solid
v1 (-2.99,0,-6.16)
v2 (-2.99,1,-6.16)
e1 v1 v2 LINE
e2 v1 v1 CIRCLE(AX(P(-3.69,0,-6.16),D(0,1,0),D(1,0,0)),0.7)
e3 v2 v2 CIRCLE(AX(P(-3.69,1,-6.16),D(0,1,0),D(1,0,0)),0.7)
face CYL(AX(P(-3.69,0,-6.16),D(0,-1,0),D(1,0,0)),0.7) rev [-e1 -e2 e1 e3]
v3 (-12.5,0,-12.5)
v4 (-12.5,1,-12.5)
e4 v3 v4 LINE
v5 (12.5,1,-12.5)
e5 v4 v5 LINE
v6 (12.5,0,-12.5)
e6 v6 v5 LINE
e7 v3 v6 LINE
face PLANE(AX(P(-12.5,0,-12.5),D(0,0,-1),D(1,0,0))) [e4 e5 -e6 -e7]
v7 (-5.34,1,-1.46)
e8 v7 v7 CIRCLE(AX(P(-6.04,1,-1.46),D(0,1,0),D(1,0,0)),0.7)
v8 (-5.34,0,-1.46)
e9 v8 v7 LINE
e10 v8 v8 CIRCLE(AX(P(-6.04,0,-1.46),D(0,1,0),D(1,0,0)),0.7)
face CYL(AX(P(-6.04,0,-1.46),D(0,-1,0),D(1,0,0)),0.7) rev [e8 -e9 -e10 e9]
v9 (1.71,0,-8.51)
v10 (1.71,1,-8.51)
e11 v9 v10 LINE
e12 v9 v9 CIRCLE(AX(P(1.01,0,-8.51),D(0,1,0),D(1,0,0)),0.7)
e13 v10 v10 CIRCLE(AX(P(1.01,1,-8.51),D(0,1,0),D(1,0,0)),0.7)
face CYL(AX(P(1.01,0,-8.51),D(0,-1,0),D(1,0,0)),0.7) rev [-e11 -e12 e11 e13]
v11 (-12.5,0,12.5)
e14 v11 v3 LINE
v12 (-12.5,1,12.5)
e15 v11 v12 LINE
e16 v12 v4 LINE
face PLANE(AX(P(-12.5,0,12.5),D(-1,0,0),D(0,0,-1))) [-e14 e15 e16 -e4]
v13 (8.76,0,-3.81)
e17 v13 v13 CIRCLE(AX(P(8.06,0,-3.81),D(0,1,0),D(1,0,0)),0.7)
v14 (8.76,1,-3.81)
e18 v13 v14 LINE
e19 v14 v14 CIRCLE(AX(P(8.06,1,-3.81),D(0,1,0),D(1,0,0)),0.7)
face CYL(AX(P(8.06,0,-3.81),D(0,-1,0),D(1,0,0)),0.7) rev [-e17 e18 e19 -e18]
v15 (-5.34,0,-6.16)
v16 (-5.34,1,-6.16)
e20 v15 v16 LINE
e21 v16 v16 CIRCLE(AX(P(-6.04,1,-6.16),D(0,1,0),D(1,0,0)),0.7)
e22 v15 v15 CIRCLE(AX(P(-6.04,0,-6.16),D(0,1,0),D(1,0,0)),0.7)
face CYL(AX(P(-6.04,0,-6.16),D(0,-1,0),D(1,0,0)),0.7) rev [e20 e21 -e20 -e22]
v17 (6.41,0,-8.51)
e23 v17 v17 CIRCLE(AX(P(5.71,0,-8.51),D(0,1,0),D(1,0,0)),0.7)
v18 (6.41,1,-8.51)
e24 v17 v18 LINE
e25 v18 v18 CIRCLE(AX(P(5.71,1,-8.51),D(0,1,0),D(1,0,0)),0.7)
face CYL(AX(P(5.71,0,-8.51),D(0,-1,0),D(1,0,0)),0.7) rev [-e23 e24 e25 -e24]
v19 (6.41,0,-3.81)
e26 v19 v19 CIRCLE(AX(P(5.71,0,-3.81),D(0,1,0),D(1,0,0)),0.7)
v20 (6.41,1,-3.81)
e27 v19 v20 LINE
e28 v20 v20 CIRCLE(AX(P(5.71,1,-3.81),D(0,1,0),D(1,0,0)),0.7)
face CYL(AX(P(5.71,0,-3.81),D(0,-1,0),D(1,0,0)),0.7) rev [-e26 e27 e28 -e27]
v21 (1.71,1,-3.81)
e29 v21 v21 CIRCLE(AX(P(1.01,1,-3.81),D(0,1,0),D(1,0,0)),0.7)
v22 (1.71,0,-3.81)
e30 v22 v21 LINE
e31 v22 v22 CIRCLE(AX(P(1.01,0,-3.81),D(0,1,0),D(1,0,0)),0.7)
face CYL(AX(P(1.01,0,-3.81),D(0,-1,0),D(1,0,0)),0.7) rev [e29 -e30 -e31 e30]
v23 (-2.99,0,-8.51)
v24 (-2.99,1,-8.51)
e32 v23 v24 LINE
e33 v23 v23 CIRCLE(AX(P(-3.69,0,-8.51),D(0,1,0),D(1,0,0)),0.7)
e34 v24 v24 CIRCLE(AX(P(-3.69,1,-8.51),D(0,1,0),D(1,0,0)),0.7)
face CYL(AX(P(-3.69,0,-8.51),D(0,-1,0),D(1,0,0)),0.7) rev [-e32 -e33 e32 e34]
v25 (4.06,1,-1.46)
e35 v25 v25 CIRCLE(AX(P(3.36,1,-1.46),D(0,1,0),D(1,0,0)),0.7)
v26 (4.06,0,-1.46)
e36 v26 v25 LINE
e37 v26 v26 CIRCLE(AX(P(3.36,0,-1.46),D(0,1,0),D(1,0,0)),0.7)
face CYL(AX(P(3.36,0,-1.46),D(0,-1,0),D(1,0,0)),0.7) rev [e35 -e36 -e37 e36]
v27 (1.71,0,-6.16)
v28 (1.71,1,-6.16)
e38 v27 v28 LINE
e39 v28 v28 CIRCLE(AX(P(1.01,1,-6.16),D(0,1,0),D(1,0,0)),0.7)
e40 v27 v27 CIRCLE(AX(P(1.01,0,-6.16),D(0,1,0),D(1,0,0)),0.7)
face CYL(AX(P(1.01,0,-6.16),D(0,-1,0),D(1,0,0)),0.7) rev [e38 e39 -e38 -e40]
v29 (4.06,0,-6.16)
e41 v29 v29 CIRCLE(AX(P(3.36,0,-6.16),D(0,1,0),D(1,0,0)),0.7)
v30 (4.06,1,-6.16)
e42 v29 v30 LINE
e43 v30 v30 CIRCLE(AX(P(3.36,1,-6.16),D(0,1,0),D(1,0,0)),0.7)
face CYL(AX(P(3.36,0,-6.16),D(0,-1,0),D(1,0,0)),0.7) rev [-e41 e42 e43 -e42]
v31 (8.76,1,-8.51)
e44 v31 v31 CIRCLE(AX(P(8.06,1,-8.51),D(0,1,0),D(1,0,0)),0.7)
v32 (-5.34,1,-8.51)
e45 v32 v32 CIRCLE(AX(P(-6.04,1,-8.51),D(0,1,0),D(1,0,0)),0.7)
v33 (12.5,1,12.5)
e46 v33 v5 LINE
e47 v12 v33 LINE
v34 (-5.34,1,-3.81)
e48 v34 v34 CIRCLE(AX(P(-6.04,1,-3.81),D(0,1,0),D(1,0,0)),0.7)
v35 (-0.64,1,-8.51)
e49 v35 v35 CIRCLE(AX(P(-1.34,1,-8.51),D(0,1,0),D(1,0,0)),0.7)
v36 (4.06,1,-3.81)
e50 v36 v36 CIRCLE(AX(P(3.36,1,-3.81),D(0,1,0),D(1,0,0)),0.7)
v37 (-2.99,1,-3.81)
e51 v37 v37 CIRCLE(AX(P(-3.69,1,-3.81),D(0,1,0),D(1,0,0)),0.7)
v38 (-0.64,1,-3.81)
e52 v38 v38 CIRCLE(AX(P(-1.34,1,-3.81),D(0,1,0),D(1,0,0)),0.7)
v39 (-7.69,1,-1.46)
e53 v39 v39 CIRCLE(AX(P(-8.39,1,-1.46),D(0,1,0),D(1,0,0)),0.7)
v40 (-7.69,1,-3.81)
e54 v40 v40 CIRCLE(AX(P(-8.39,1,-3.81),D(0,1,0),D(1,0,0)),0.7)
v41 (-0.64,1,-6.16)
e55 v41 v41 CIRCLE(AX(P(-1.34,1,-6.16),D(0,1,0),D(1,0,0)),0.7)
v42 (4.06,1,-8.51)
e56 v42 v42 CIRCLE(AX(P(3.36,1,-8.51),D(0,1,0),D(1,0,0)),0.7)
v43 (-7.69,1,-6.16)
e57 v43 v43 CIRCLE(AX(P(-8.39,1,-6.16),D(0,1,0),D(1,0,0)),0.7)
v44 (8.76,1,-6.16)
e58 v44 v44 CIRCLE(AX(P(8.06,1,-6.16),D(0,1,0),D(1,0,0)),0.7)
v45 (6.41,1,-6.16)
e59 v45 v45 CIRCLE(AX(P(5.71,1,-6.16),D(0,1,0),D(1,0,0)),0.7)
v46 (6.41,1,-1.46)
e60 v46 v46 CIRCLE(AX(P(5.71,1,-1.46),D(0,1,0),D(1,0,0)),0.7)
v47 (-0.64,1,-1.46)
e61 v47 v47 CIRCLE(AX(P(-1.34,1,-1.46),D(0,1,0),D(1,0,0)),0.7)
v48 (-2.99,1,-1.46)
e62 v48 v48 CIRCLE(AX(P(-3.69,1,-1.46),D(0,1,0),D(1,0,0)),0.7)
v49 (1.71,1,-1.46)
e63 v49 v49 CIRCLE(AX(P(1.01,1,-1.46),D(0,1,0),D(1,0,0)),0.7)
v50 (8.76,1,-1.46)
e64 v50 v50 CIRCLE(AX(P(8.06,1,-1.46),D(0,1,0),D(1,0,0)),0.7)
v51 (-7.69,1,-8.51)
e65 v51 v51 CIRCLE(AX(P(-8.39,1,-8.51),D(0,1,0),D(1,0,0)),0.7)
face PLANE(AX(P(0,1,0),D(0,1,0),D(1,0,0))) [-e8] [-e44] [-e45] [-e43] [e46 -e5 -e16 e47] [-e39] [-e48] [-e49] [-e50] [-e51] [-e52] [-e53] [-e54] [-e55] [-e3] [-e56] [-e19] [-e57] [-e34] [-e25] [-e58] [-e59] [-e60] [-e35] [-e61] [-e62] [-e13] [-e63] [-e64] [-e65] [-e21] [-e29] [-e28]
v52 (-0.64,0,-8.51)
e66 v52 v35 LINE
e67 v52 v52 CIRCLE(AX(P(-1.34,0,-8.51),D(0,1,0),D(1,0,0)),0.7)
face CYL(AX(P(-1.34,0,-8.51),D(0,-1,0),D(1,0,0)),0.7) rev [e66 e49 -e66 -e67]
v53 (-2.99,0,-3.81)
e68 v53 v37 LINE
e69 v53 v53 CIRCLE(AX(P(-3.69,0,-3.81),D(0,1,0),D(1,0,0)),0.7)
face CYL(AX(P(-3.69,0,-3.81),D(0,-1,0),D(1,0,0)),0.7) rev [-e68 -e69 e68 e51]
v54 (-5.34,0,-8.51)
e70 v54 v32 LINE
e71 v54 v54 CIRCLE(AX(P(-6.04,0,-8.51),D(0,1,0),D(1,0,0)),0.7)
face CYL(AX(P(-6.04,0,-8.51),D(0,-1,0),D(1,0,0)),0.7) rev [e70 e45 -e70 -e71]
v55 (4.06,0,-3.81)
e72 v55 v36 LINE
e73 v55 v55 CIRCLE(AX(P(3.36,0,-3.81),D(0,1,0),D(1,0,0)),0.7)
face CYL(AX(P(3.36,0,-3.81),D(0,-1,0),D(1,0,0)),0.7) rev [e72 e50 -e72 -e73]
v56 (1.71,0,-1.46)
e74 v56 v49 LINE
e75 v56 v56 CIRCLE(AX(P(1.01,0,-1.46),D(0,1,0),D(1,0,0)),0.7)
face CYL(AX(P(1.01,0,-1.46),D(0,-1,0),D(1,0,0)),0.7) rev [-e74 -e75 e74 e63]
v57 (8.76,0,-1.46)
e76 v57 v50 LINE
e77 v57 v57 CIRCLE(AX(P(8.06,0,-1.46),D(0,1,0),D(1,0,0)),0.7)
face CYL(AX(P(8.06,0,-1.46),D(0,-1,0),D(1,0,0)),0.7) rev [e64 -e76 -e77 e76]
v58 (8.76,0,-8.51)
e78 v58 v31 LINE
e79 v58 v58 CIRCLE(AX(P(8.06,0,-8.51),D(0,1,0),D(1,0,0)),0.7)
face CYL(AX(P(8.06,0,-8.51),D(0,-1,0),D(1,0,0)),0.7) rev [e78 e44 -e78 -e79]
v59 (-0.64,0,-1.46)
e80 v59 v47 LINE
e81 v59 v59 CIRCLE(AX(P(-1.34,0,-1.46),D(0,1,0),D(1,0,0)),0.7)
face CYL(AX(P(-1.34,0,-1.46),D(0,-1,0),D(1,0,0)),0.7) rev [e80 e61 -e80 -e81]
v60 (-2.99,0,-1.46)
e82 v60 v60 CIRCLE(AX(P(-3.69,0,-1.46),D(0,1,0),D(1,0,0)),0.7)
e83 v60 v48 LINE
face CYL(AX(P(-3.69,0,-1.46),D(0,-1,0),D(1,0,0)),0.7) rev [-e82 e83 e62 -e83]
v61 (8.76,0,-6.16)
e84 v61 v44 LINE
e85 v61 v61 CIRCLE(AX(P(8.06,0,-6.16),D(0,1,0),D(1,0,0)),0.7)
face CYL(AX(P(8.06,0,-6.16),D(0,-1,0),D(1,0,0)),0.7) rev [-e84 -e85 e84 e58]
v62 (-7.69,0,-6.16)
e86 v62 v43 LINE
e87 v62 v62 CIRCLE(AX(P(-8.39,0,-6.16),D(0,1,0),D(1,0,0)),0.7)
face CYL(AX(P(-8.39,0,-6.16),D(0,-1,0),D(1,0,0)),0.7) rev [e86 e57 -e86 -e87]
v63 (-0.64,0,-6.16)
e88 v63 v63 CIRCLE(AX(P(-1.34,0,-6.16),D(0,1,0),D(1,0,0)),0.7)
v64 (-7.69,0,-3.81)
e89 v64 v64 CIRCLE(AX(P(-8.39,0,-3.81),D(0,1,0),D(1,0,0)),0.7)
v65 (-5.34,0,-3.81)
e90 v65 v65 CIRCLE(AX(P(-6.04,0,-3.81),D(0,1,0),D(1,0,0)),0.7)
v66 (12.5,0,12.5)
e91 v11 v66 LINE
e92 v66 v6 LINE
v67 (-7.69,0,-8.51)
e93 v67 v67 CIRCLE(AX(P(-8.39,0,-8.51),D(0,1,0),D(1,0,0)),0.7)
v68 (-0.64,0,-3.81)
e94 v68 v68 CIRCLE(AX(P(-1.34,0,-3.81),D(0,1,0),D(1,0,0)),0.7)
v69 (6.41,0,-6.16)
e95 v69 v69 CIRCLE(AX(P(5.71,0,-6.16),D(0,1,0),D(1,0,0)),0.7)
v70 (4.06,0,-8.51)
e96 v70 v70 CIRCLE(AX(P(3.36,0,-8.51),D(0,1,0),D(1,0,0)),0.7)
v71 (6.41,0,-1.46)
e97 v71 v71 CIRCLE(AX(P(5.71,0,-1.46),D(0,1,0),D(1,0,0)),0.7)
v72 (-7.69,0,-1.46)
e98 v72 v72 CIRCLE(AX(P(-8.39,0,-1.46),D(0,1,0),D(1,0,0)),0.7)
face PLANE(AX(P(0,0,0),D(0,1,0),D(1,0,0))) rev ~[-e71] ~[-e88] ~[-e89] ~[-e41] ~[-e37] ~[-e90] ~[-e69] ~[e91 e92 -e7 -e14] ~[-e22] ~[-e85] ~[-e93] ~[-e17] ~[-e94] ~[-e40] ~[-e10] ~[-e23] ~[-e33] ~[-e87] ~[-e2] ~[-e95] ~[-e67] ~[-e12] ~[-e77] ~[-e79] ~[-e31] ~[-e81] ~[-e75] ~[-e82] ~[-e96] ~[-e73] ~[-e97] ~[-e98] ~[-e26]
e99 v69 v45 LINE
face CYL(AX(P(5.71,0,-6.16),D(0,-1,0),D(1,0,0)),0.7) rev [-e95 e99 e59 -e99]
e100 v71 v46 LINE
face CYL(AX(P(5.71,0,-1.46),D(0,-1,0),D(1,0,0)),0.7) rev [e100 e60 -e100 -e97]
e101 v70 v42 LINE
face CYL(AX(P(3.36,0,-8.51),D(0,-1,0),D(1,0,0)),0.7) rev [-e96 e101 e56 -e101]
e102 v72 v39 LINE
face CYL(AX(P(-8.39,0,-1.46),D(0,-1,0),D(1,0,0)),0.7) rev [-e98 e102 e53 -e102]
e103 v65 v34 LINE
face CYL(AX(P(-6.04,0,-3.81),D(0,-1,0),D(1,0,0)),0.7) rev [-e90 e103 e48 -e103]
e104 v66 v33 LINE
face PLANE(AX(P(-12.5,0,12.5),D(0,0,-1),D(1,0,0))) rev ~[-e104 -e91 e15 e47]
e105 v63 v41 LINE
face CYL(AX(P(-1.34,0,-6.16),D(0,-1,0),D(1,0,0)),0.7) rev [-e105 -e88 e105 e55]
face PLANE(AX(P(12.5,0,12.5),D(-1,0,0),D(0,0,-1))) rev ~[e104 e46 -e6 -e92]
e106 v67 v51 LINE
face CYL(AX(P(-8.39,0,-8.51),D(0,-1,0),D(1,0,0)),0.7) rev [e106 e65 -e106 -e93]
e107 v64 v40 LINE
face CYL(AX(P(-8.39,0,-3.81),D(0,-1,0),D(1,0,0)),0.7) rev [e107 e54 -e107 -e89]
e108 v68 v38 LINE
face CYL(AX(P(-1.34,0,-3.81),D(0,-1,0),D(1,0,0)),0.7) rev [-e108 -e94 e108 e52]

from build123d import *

# Parameters (mm, degrees)
SKETCH1_W           = 25
SKETCH1_H           = 25
SKETCH1_R           = 0.7
BOSS_EXTRUDE1_DEPTH = 1


with BuildPart() as part:
    # Sketch1 → Boss-Extrude1 (new body)
    with BuildSketch(Plane(origin=(0, 0, 0), x_dir=(1, 0, 0), z_dir=(0, 1, 0))):
        Rectangle(SKETCH1_W, SKETCH1_H)
        with Locations((-8.39, 8.51)):
            Circle(SKETCH1_R, mode=Mode.SUBTRACT)
        with Locations((-6.04, 8.51)):
            Circle(SKETCH1_R, mode=Mode.SUBTRACT)
        with Locations((-3.69, 8.51)):
            Circle(SKETCH1_R, mode=Mode.SUBTRACT)
        with Locations((-1.34, 8.51)):
            Circle(SKETCH1_R, mode=Mode.SUBTRACT)
        with Locations((1.01, 8.51)):
            Circle(SKETCH1_R, mode=Mode.SUBTRACT)
        with Locations((3.36, 8.51)):
            Circle(SKETCH1_R, mode=Mode.SUBTRACT)
        with Locations((5.71, 8.51)):
            Circle(SKETCH1_R, mode=Mode.SUBTRACT)
        with Locations((8.06, 8.51)):
            Circle(SKETCH1_R, mode=Mode.SUBTRACT)
        with Locations((-6.04, 6.16)):
            Circle(SKETCH1_R, mode=Mode.SUBTRACT)
        with Locations((-3.69, 6.16)):
            Circle(SKETCH1_R, mode=Mode.SUBTRACT)
        with Locations((-1.34, 6.16)):
            Circle(SKETCH1_R, mode=Mode.SUBTRACT)
        with Locations((1.01, 6.16)):
            Circle(SKETCH1_R, mode=Mode.SUBTRACT)
        with Locations((3.36, 6.16)):
            Circle(SKETCH1_R, mode=Mode.SUBTRACT)
        with Locations((5.71, 6.16)):
            Circle(SKETCH1_R, mode=Mode.SUBTRACT)
        with Locations((8.06, 6.16)):
            Circle(SKETCH1_R, mode=Mode.SUBTRACT)
        with Locations((-6.04, 3.81)):
            Circle(SKETCH1_R, mode=Mode.SUBTRACT)
        with Locations((-3.69, 3.81)):
            Circle(SKETCH1_R, mode=Mode.SUBTRACT)
        with Locations((-1.34, 3.81)):
            Circle(SKETCH1_R, mode=Mode.SUBTRACT)
        with Locations((1.01, 3.81)):
            Circle(SKETCH1_R, mode=Mode.SUBTRACT)
        with Locations((3.36, 3.81)):
            Circle(SKETCH1_R, mode=Mode.SUBTRACT)
        with Locations((5.71, 3.81)):
            Circle(SKETCH1_R, mode=Mode.SUBTRACT)
        with Locations((8.06, 3.81)):
            Circle(SKETCH1_R, mode=Mode.SUBTRACT)
        with Locations((-6.04, 1.46)):
            Circle(SKETCH1_R, mode=Mode.SUBTRACT)
        with Locations((-3.69, 1.46)):
            Circle(SKETCH1_R, mode=Mode.SUBTRACT)
        with Locations((-1.34, 1.46)):
            Circle(SKETCH1_R, mode=Mode.SUBTRACT)
        with Locations((1.01, 1.46)):
            Circle(SKETCH1_R, mode=Mode.SUBTRACT)
        with Locations((3.36, 1.46)):
            Circle(SKETCH1_R, mode=Mode.SUBTRACT)
        with Locations((5.71, 1.46)):
            Circle(SKETCH1_R, mode=Mode.SUBTRACT)
        with Locations((8.06, 1.46)):
            Circle(SKETCH1_R, mode=Mode.SUBTRACT)
        with Locations((-8.39, 6.16)):
            Circle(SKETCH1_R, mode=Mode.SUBTRACT)
        with Locations((-8.39, 3.81)):
            Circle(SKETCH1_R, mode=Mode.SUBTRACT)
        with Locations((-8.39, 1.46)):
            Circle(SKETCH1_R, mode=Mode.SUBTRACT)
    extrude(amount=BOSS_EXTRUDE1_DEPTH)


solid = part.part
